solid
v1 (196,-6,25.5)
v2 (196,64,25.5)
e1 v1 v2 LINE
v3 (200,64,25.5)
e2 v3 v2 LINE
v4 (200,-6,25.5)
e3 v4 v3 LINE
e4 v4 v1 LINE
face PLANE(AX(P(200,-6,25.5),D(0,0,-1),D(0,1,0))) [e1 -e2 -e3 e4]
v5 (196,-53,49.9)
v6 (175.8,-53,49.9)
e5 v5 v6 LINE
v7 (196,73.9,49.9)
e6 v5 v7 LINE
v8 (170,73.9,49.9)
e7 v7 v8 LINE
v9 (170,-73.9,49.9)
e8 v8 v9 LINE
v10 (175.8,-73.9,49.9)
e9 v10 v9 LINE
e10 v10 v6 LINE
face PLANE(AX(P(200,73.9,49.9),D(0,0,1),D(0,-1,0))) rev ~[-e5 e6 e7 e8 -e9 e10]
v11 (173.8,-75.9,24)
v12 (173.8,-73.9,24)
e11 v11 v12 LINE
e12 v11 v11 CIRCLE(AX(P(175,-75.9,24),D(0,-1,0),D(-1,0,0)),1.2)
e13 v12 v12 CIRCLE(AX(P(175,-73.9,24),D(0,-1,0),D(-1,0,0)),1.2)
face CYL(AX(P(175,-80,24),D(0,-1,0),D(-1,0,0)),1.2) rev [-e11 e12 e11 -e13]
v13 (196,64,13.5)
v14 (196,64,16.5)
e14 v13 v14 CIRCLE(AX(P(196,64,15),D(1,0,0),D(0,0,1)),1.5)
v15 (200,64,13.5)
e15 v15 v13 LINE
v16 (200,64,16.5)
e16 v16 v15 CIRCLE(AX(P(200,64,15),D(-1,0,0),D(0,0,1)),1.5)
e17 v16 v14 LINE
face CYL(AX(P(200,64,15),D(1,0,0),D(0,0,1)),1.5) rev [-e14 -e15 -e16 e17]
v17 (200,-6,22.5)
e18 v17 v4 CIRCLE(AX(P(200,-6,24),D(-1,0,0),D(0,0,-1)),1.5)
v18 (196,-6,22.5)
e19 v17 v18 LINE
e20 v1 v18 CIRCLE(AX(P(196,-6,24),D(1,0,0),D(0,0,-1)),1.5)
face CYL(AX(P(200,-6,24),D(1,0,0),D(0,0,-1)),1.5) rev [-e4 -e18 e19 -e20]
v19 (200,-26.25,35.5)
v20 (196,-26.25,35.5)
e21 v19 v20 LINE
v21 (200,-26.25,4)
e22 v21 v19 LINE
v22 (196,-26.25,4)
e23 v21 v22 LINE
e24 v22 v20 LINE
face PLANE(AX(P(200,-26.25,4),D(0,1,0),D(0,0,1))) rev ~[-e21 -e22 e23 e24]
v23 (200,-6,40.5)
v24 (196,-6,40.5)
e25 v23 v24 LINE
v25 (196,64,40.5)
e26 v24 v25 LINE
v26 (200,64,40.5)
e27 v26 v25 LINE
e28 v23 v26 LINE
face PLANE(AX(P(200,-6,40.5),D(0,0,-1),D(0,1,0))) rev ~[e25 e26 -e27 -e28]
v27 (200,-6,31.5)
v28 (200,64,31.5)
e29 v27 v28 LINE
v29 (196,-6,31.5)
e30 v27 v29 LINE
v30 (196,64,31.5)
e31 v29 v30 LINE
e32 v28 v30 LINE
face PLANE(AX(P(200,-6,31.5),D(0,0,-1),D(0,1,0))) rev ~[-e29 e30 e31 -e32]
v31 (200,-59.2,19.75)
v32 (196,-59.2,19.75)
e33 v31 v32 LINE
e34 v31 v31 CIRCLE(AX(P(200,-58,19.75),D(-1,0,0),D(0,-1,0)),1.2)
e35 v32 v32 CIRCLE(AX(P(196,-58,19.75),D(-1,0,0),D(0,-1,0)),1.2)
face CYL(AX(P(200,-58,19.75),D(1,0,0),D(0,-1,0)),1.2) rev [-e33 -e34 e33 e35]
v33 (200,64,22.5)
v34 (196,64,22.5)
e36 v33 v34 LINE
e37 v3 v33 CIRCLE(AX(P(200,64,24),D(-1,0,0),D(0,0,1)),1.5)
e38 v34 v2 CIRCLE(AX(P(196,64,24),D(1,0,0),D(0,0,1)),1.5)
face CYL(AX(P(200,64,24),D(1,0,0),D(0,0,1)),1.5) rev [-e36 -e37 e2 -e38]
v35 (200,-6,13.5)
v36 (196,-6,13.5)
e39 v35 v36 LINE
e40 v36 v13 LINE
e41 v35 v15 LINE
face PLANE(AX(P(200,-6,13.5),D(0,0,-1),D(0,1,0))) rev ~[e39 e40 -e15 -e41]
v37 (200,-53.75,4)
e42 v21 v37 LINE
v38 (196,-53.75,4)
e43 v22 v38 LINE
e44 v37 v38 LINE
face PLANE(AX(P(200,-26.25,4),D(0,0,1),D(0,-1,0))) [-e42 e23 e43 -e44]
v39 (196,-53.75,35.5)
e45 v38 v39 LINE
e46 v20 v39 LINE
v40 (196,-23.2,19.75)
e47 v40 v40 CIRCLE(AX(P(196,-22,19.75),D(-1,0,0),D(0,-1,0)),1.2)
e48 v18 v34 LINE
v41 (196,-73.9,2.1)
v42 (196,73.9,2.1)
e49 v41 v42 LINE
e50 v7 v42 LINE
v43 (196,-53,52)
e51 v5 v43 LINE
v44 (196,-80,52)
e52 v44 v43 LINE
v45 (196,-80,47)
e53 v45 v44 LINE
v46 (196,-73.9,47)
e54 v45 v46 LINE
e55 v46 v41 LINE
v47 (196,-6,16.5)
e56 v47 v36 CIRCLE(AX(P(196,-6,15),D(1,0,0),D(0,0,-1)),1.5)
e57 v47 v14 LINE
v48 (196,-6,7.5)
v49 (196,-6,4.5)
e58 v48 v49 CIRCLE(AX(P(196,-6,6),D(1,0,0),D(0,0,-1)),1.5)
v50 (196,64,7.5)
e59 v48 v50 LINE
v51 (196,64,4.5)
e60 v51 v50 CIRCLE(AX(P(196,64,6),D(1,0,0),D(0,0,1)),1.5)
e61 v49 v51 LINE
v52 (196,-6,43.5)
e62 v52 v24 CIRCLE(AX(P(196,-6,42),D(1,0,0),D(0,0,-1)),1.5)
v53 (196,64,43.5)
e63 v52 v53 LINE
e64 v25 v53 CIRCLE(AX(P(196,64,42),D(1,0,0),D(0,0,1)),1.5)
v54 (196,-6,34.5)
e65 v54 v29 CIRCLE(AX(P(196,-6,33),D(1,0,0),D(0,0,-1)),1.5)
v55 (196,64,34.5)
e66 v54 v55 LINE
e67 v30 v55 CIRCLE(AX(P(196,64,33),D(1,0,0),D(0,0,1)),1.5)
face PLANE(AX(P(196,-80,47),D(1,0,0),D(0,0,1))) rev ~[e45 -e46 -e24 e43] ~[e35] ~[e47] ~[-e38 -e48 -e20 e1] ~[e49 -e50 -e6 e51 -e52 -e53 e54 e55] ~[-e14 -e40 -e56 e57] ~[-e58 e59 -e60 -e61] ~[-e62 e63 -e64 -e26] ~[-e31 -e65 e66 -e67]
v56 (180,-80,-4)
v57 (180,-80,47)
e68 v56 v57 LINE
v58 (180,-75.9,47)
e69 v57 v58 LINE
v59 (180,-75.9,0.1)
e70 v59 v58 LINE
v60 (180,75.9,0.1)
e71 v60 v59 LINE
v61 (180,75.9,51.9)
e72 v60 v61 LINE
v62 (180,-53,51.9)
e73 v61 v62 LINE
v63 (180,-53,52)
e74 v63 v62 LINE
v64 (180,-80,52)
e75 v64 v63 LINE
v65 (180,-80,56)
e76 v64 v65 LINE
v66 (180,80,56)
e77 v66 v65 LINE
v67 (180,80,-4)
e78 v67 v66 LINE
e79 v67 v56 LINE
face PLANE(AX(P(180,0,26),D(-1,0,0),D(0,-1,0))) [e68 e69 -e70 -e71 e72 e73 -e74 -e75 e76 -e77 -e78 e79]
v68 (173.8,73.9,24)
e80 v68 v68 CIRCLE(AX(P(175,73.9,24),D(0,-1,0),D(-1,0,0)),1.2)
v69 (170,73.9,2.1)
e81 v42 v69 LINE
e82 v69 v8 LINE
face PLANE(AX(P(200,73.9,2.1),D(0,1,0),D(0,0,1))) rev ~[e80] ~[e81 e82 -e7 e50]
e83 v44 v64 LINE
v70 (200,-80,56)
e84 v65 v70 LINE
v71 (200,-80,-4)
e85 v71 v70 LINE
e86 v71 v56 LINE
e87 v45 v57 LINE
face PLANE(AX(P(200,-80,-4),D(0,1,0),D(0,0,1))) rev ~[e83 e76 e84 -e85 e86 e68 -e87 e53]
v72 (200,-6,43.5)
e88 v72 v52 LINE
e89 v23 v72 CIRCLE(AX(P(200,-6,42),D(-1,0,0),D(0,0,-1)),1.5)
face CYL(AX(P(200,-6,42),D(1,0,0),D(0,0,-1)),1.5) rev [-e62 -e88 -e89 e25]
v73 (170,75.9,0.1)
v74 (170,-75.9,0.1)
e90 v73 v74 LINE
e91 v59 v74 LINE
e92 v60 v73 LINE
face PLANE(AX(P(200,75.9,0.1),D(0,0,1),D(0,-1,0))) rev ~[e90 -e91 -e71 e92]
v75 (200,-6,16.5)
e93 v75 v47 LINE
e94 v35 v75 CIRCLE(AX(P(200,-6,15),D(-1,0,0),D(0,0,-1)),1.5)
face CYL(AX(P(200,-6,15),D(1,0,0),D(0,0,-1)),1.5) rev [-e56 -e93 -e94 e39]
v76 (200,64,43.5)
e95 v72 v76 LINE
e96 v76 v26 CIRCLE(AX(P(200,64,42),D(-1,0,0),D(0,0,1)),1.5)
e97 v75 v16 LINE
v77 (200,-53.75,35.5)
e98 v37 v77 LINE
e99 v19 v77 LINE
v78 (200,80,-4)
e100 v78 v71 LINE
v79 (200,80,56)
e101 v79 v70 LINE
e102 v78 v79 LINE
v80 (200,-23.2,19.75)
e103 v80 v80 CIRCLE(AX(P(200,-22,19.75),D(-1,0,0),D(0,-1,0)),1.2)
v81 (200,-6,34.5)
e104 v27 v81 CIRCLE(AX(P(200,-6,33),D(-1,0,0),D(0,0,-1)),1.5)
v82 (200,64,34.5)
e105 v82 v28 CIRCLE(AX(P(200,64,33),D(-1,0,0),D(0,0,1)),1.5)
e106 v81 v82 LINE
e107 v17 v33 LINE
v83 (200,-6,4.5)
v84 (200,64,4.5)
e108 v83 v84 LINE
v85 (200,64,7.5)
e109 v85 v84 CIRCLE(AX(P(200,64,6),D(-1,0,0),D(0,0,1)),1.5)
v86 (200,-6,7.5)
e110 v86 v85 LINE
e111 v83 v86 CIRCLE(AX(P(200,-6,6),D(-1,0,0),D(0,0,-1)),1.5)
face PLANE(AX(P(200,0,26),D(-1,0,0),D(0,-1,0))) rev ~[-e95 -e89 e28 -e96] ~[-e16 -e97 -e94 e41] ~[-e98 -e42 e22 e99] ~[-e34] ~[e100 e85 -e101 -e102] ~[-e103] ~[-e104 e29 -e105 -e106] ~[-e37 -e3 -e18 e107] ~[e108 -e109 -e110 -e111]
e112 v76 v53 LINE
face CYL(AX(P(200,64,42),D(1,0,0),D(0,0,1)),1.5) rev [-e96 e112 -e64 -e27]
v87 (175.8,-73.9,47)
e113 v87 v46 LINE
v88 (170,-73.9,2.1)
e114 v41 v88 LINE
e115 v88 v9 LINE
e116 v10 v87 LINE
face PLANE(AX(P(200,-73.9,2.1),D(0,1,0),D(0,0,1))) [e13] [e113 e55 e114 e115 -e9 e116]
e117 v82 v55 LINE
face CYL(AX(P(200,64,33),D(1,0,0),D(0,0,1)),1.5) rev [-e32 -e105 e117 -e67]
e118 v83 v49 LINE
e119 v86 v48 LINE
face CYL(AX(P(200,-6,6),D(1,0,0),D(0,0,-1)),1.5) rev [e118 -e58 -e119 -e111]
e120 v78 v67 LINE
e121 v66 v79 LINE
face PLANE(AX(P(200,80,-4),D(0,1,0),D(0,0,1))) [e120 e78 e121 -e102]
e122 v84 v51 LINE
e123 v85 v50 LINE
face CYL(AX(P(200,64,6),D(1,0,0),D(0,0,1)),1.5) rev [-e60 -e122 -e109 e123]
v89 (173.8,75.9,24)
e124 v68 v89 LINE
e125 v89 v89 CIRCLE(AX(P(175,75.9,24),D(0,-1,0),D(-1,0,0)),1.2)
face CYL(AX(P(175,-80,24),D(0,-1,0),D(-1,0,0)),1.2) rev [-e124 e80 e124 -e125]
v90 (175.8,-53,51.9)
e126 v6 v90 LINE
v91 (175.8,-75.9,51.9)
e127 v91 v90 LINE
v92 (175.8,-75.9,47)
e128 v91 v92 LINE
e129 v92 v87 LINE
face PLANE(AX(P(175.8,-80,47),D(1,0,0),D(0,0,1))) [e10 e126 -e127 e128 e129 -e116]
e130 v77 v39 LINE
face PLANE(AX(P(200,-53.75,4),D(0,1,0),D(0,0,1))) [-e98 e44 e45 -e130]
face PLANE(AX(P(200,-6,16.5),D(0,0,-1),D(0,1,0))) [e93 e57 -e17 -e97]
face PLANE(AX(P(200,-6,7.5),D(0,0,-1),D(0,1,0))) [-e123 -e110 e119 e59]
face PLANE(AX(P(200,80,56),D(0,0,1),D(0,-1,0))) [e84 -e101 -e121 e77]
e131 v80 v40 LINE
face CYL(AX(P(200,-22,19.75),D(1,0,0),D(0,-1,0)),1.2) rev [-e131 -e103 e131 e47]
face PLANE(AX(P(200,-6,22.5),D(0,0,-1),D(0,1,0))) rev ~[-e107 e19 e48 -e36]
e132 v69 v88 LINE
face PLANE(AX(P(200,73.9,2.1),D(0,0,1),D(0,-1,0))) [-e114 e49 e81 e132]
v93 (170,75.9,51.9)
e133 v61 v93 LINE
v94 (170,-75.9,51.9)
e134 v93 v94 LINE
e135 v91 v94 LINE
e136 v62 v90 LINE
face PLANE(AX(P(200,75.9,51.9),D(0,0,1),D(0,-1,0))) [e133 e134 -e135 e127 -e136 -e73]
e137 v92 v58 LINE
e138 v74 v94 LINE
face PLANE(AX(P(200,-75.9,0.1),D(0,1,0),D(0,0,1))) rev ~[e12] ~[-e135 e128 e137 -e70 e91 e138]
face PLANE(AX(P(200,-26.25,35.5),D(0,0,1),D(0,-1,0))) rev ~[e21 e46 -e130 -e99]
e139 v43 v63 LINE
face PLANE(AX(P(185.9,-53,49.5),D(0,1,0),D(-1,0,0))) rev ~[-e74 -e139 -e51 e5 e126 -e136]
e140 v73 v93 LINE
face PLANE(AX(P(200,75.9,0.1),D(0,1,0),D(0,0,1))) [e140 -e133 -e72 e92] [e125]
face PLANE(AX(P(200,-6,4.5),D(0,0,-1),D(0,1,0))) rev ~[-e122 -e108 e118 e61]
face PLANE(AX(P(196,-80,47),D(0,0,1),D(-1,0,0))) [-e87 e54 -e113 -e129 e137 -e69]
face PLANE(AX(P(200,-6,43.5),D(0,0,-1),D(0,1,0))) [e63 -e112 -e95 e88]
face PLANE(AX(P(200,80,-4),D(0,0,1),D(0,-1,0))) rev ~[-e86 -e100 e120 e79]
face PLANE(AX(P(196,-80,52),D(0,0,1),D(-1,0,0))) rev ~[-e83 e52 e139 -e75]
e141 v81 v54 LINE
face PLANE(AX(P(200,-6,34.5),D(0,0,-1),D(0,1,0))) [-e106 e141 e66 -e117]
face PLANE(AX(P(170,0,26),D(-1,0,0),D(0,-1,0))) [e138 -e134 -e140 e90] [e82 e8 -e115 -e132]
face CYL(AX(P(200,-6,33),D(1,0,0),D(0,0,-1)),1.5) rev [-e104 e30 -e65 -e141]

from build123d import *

# Parameters (mm, degrees)
SKETCH011_W             = 160
SKETCH011_H             = 60
SKETCH011_R             = 1.2
SKETCH011_W_2           = 27.5
SKETCH011_H_2           = 31.5
PAD004_DEPTH            = 4
SKETCH012_W             = 151.8
SKETCH012_H             = 51.8
SKETCH012_W_2           = 147.8
SKETCH012_H_2           = 47.8
PAD005_DEPTH            = 30
SKETCH013_W             = 160
SKETCH013_H             = 60
SKETCH013_W_2           = 151.8
SKETCH013_H_2           = 51.8
PAD006_DEPTH            = 20
SKETCH014_W             = 20.2
SKETCH014_H             = 5
POCKET004_DEPTH         = 27
SKETCH027_R             = 1.2
POCKET014_DEPTH         = 160.001
POCKET015_DEPTH         = 30.001
LINEARPATTERN007_COUNT  = 5
LINEARPATTERN007_PITCH  = 9
BODY002_PLACEMENT_ANGLE = 180


with BuildPart() as part:
    # Sketch011 → Pad004 (new body)
    with BuildSketch(Plane.YZ):
        with Locations((0, 30)):
            Rectangle(SKETCH011_W, SKETCH011_H)
        with Locations((22, 23.75)):
            Circle(SKETCH011_R, mode=Mode.SUBTRACT)
        with Locations((58, 23.75)):
            Circle(SKETCH011_R, mode=Mode.SUBTRACT)
        with Locations((40, 23.75)):
            Rectangle(SKETCH011_W_2, SKETCH011_H_2, mode=Mode.SUBTRACT)
    extrude(amount=PAD004_DEPTH)

    # Sketch012 → Pad005 (join)
    with BuildSketch(Plane.YZ):
        with Locations((0, 30)):
            Rectangle(SKETCH012_W, SKETCH012_H)
        with Locations((0, 30)):
            Rectangle(SKETCH012_W_2, SKETCH012_H_2, mode=Mode.SUBTRACT)
    extrude(amount=PAD005_DEPTH)

    # Sketch013 → Pad006 (join)
    with BuildSketch(Plane.YZ):
        with Locations((0, 30)):
            Rectangle(SKETCH013_W, SKETCH013_H)
        with Locations((0, 30)):
            Rectangle(SKETCH013_W_2, SKETCH013_H_2, mode=Mode.SUBTRACT)
    extrude(amount=PAD006_DEPTH)

    # Sketch014 (on DatumPlane) → Pocket004 (cut)
    with BuildSketch(Plane.XZ.offset(-80)):
        with Locations((14.1, 53.5)):
            Rectangle(SKETCH014_W, SKETCH014_H)
    extrude(amount=POCKET004_DEPTH, mode=Mode.SUBTRACT)

    # Sketch027 (on DatumPlane) → Pocket014 (cut, through all)
    with BuildSketch(Plane.XZ.offset(-80)):
        with Locations((25, 28)):
            Circle(SKETCH027_R)
    extrude(amount=POCKET014_DEPTH, mode=Mode.SUBTRACT)

    # Sketch028 → Pocket015 (cut, through all)
    with BuildSketch(Plane.YZ):
        with BuildLine():
            Line((6, 11.5), (-64, 11.5))
            ThreePointArc((-64, 11.5), (-65.5, 10), (-64, 8.5))
            Line((6, 8.5), (-64, 8.5))
            ThreePointArc((6, 8.5), (7.5, 10), (6, 11.5))
        make_face()
    pocket015 = extrude(amount=POCKET015_DEPTH, mode=Mode.SUBTRACT)

    # LinearPattern007: Pocket015 ×5
    with Locations(*[(0, 0, i * LINEARPATTERN007_PITCH) for i in range(1, LINEARPATTERN007_COUNT)]):
        add(pocket015, mode=Mode.SUBTRACT)


with BuildPart() as part_1:
    # Body002 placement: moved
    add(part.part.moved(Location((200, 0, -4))).rotate(Axis((200, 0, -4), (0, 0, 1)), BODY002_PLACEMENT_ANGLE))


solid = part_1.part
